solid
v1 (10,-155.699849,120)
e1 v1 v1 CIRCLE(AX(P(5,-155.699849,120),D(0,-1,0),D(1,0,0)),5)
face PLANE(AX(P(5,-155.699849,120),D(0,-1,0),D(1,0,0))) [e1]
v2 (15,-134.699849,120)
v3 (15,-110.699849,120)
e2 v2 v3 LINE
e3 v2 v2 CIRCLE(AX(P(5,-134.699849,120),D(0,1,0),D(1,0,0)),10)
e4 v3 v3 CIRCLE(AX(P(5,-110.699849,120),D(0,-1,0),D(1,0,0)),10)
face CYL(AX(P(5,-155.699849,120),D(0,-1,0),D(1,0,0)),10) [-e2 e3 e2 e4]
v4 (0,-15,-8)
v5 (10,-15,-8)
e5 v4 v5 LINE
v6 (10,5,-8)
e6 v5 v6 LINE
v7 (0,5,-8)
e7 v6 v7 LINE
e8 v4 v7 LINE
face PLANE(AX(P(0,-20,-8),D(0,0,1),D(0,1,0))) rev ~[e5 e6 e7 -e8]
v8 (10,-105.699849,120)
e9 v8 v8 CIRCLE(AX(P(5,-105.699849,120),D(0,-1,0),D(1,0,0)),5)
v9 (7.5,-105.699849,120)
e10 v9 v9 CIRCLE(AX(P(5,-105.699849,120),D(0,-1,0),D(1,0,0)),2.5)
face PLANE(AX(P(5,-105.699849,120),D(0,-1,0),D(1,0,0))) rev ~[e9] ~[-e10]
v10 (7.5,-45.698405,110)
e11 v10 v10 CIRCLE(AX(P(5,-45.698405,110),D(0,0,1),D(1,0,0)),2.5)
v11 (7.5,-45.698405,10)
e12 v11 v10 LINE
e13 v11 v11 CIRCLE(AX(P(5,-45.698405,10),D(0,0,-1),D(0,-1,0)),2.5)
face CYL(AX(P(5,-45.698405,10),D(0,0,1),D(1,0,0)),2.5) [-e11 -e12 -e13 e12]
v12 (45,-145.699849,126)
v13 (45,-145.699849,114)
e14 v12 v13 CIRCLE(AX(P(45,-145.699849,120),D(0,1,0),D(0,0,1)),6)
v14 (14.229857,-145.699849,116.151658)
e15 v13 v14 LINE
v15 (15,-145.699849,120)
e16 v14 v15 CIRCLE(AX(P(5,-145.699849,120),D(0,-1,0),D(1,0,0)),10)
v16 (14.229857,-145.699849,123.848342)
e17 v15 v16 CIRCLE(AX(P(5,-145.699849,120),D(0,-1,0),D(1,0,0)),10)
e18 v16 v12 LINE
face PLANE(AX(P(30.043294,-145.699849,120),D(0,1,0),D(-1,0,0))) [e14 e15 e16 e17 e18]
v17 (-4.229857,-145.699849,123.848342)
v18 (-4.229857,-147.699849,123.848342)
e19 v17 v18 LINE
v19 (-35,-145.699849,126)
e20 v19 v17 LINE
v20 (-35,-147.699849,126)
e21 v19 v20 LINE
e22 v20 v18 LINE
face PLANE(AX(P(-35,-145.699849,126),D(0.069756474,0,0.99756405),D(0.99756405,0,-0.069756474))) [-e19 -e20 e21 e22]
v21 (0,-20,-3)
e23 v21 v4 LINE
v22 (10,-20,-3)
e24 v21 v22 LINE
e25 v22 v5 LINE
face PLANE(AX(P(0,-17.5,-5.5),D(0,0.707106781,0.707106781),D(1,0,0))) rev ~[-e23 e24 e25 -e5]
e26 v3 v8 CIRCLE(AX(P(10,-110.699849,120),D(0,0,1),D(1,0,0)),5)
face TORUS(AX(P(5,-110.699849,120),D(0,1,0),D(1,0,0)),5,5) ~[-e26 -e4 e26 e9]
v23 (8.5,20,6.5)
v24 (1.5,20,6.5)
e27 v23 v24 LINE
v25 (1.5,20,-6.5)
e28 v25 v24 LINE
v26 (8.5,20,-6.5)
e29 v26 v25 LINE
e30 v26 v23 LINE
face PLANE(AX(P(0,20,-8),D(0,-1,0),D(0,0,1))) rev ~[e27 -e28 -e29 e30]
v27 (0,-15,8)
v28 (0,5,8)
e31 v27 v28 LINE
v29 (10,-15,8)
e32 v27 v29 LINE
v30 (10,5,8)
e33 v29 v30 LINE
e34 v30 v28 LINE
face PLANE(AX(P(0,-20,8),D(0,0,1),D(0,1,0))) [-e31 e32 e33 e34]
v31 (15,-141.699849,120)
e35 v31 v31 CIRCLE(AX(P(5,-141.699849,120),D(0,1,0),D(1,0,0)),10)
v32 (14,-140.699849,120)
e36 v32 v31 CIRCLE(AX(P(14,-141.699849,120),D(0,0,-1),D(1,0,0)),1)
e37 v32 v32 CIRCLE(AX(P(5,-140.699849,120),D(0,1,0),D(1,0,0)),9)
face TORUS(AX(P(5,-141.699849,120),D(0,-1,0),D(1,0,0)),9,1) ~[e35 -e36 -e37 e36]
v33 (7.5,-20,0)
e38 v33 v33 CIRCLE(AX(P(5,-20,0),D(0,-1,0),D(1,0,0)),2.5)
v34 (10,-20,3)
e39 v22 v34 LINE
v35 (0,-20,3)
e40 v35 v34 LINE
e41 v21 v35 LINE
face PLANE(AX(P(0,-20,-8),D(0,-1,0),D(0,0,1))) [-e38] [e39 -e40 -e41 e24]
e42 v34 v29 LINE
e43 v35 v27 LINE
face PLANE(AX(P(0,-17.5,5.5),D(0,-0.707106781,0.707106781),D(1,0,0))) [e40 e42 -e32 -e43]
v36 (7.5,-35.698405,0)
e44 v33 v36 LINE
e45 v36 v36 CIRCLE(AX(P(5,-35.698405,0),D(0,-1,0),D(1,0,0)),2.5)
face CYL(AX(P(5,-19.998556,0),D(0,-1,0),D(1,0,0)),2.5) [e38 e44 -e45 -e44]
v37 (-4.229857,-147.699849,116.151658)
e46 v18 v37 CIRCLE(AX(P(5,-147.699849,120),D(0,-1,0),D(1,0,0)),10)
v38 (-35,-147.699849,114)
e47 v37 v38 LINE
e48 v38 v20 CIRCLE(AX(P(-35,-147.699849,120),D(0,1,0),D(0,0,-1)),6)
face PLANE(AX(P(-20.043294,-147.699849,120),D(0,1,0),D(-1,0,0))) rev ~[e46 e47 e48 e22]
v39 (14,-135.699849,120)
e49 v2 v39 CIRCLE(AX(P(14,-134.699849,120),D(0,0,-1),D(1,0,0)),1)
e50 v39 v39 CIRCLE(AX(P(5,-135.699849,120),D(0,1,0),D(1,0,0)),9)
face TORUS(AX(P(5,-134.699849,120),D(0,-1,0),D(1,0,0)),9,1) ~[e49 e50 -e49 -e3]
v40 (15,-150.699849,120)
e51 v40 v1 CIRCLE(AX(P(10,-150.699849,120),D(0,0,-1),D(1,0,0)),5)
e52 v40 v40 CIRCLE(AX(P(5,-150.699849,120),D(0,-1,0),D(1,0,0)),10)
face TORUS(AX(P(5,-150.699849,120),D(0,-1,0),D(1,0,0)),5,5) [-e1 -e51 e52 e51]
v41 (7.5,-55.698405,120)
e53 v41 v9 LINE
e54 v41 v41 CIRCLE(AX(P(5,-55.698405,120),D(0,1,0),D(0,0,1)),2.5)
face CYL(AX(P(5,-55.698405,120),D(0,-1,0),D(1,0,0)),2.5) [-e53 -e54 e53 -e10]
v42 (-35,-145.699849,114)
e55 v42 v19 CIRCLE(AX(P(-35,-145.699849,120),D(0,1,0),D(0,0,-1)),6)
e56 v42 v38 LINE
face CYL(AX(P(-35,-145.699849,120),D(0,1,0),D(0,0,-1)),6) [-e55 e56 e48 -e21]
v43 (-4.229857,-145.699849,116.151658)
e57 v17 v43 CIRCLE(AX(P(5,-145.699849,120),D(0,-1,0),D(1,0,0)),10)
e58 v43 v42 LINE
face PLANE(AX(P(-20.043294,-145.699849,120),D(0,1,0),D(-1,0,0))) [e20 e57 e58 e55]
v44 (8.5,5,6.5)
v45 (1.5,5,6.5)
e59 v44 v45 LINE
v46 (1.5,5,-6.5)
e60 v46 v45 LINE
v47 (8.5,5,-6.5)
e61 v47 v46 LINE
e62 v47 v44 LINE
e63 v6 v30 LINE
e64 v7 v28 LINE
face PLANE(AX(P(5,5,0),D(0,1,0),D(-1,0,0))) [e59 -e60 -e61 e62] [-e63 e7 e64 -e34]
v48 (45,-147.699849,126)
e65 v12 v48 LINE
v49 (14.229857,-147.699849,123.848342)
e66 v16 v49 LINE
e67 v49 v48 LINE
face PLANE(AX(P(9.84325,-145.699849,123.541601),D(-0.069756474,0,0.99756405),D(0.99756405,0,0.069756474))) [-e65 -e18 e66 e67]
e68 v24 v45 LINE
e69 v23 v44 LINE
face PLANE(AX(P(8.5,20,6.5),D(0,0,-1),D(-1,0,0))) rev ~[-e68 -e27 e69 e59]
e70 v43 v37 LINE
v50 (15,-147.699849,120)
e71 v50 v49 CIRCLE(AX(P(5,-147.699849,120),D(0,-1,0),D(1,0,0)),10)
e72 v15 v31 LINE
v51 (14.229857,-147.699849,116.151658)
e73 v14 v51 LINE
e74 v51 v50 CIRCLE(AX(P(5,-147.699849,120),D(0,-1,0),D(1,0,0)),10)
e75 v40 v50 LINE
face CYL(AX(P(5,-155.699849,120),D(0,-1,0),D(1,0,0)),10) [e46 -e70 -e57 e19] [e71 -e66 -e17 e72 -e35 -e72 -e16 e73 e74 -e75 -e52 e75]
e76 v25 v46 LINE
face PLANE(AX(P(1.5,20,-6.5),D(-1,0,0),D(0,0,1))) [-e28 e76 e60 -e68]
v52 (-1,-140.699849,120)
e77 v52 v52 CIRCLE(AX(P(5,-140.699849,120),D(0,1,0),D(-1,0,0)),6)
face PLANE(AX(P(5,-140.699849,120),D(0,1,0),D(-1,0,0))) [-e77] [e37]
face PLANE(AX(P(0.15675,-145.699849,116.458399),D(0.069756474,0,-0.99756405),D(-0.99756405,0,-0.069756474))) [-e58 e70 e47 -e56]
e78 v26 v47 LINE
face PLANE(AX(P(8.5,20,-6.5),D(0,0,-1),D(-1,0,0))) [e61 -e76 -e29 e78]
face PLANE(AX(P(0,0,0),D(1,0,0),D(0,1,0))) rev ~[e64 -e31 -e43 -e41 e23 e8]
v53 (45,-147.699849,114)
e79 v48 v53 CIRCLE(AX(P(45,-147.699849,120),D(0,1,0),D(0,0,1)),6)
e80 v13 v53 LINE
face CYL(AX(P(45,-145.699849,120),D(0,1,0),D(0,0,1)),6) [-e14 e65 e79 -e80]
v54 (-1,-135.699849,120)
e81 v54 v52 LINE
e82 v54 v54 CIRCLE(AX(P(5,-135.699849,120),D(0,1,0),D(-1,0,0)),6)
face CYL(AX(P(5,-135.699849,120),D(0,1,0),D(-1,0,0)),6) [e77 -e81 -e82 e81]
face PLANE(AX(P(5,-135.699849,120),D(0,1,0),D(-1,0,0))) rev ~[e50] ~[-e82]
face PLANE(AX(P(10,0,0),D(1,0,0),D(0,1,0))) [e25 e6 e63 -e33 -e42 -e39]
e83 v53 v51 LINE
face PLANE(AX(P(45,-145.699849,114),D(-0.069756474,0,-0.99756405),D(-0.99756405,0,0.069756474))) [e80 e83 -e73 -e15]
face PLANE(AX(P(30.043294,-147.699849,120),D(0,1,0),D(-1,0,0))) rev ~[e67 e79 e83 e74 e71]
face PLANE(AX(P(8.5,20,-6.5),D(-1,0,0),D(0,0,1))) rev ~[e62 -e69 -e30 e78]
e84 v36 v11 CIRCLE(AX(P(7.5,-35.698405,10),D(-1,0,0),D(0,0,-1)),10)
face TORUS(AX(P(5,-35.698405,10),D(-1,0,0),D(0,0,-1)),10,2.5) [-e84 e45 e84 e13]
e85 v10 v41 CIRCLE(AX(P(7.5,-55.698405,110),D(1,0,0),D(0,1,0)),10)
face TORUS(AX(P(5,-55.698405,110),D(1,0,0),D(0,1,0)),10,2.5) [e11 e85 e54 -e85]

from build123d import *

# Parameters (mm, degrees)
F0_W      = 40
F0_H      = 16
F1_DEPTH  = 10
F3_R      = 2.5
F6_R      = 10
F7_DEPTH  = 50
F8_R      = 5
F9_SIZE   = 5
F10_W     = 10
F10_H     = 16
F10_W_2   = 7
F10_H_2   = 13
F11_DEPTH = 15
F13_R     = 10
F13_R_2   = 6
F14_DEPTH = 5
F15_R     = 1
F18_DEPTH = 2


with BuildPart() as f1:
    # F0 (on Right) → F1 (new body)
    with BuildSketch(Plane.YZ):
        Rectangle(F0_W, F0_H)
    extrude(amount=F1_DEPTH)

    # F5: sweep along a path in F4
    with BuildLine(Plane.YZ.offset(5)) as f5_path:
        Line((-19.998556003, 0), (-35.6984053552, 0))
        ThreePointArc((-35.6984053552, 0), (-42.7694731671, 2.9289321881), (-45.6984053552, 10))
        Line((-45.6984053552, 10), (-45.6984053552, 110))
        ThreePointArc((-45.6984053552, 110), (-48.6273375433, 117.0710678119), (-55.6984053552, 120))
        Line((-55.6984053552, 120), (-155.6984053552, 120))
    # F3 (on face) → F5 (sweep)
    with BuildSketch(Plane.XZ.offset(20)):
        with Locations((5, 0)):
            Circle(F3_R)
    sweep(path=f5_path.line)

    # F6 (on face) → F7 (join)
    with BuildSketch(Plane.XZ.offset(155.6998493522)):
        with Locations((5, 120)):
            Circle(F6_R)
    extrude(amount=-F7_DEPTH)

    # F8
    f8_edges = [f1.edges().sort_by_distance(p)[0] for p in [
        (-5, -105.699849, 120),
        (-5, -155.699849, 120),
    ]]
    fillet(f8_edges, radius=F8_R)

    # F9
    f9_edges = [f1.edges().sort_by_distance(p)[0] for p in [
        (5, -20, 8),
        (5, -20, -8),
    ]]
    chamfer(f9_edges, length=F9_SIZE)

    # F10 (on face) → F11 (cut)
    with BuildSketch(Plane(origin=(0, 20, 0), x_dir=(-1, 0, 0), z_dir=(0, 1, 0))):
        with Locations((-5, 0)):
            Rectangle(F10_W, F10_H)
        with Locations((-5, 0)):
            Rectangle(F10_W_2, F10_H_2, mode=Mode.SUBTRACT)
    extrude(amount=-F11_DEPTH, mode=Mode.SUBTRACT)

    # F13 (on offset) → F14 (cut)
    with BuildSketch(Plane(origin=(0, -135.6998493522, 0), x_dir=(-1, 0, 0), z_dir=(0, 1, 0))):
        with Locations((-5, 120)):
            Circle(F13_R)
        with Locations((-5, 120)):
            Circle(F13_R_2, mode=Mode.SUBTRACT)
    extrude(amount=-F14_DEPTH, mode=Mode.SUBTRACT)

    # F15
    f15_edges = [f1.edges().sort_by_distance(p)[0] for p in [
        (-5, -135.699849, 120),
        (-5, -140.699849, 120),
    ]]
    fillet(f15_edges, radius=F15_R)

    # F17 (on offset) → F18 (join)
    with BuildSketch(Plane(origin=(0, -145.6998493522, 0), x_dir=(-1, 0, 0), z_dir=(0, 1, 0))):
        with BuildLine():
            ThreePointArc((-0.1567504958, 123.5416005195), (1, 120), (-0.1567504958, 116.4583994805))
            Line((-0.1567504958, 116.4583994805), (35, 114))
            ThreePointArc((35, 114), (41, 120), (35, 126))
            Line((35, 126), (-0.1567504958, 123.5416005195))
        make_face()
        with BuildLine():
            Line((-45, 114), (-9.8432495042, 116.4583994805))
            ThreePointArc((-9.8432495042, 116.4583994805), (-11, 120), (-9.8432495042, 123.5416005195))
            Line((-9.8432495042, 123.5416005195), (-45, 126))
            ThreePointArc((-45, 126), (-51, 120), (-45, 114))
        make_face()
    extrude(amount=-F18_DEPTH)


solid = f1.part
